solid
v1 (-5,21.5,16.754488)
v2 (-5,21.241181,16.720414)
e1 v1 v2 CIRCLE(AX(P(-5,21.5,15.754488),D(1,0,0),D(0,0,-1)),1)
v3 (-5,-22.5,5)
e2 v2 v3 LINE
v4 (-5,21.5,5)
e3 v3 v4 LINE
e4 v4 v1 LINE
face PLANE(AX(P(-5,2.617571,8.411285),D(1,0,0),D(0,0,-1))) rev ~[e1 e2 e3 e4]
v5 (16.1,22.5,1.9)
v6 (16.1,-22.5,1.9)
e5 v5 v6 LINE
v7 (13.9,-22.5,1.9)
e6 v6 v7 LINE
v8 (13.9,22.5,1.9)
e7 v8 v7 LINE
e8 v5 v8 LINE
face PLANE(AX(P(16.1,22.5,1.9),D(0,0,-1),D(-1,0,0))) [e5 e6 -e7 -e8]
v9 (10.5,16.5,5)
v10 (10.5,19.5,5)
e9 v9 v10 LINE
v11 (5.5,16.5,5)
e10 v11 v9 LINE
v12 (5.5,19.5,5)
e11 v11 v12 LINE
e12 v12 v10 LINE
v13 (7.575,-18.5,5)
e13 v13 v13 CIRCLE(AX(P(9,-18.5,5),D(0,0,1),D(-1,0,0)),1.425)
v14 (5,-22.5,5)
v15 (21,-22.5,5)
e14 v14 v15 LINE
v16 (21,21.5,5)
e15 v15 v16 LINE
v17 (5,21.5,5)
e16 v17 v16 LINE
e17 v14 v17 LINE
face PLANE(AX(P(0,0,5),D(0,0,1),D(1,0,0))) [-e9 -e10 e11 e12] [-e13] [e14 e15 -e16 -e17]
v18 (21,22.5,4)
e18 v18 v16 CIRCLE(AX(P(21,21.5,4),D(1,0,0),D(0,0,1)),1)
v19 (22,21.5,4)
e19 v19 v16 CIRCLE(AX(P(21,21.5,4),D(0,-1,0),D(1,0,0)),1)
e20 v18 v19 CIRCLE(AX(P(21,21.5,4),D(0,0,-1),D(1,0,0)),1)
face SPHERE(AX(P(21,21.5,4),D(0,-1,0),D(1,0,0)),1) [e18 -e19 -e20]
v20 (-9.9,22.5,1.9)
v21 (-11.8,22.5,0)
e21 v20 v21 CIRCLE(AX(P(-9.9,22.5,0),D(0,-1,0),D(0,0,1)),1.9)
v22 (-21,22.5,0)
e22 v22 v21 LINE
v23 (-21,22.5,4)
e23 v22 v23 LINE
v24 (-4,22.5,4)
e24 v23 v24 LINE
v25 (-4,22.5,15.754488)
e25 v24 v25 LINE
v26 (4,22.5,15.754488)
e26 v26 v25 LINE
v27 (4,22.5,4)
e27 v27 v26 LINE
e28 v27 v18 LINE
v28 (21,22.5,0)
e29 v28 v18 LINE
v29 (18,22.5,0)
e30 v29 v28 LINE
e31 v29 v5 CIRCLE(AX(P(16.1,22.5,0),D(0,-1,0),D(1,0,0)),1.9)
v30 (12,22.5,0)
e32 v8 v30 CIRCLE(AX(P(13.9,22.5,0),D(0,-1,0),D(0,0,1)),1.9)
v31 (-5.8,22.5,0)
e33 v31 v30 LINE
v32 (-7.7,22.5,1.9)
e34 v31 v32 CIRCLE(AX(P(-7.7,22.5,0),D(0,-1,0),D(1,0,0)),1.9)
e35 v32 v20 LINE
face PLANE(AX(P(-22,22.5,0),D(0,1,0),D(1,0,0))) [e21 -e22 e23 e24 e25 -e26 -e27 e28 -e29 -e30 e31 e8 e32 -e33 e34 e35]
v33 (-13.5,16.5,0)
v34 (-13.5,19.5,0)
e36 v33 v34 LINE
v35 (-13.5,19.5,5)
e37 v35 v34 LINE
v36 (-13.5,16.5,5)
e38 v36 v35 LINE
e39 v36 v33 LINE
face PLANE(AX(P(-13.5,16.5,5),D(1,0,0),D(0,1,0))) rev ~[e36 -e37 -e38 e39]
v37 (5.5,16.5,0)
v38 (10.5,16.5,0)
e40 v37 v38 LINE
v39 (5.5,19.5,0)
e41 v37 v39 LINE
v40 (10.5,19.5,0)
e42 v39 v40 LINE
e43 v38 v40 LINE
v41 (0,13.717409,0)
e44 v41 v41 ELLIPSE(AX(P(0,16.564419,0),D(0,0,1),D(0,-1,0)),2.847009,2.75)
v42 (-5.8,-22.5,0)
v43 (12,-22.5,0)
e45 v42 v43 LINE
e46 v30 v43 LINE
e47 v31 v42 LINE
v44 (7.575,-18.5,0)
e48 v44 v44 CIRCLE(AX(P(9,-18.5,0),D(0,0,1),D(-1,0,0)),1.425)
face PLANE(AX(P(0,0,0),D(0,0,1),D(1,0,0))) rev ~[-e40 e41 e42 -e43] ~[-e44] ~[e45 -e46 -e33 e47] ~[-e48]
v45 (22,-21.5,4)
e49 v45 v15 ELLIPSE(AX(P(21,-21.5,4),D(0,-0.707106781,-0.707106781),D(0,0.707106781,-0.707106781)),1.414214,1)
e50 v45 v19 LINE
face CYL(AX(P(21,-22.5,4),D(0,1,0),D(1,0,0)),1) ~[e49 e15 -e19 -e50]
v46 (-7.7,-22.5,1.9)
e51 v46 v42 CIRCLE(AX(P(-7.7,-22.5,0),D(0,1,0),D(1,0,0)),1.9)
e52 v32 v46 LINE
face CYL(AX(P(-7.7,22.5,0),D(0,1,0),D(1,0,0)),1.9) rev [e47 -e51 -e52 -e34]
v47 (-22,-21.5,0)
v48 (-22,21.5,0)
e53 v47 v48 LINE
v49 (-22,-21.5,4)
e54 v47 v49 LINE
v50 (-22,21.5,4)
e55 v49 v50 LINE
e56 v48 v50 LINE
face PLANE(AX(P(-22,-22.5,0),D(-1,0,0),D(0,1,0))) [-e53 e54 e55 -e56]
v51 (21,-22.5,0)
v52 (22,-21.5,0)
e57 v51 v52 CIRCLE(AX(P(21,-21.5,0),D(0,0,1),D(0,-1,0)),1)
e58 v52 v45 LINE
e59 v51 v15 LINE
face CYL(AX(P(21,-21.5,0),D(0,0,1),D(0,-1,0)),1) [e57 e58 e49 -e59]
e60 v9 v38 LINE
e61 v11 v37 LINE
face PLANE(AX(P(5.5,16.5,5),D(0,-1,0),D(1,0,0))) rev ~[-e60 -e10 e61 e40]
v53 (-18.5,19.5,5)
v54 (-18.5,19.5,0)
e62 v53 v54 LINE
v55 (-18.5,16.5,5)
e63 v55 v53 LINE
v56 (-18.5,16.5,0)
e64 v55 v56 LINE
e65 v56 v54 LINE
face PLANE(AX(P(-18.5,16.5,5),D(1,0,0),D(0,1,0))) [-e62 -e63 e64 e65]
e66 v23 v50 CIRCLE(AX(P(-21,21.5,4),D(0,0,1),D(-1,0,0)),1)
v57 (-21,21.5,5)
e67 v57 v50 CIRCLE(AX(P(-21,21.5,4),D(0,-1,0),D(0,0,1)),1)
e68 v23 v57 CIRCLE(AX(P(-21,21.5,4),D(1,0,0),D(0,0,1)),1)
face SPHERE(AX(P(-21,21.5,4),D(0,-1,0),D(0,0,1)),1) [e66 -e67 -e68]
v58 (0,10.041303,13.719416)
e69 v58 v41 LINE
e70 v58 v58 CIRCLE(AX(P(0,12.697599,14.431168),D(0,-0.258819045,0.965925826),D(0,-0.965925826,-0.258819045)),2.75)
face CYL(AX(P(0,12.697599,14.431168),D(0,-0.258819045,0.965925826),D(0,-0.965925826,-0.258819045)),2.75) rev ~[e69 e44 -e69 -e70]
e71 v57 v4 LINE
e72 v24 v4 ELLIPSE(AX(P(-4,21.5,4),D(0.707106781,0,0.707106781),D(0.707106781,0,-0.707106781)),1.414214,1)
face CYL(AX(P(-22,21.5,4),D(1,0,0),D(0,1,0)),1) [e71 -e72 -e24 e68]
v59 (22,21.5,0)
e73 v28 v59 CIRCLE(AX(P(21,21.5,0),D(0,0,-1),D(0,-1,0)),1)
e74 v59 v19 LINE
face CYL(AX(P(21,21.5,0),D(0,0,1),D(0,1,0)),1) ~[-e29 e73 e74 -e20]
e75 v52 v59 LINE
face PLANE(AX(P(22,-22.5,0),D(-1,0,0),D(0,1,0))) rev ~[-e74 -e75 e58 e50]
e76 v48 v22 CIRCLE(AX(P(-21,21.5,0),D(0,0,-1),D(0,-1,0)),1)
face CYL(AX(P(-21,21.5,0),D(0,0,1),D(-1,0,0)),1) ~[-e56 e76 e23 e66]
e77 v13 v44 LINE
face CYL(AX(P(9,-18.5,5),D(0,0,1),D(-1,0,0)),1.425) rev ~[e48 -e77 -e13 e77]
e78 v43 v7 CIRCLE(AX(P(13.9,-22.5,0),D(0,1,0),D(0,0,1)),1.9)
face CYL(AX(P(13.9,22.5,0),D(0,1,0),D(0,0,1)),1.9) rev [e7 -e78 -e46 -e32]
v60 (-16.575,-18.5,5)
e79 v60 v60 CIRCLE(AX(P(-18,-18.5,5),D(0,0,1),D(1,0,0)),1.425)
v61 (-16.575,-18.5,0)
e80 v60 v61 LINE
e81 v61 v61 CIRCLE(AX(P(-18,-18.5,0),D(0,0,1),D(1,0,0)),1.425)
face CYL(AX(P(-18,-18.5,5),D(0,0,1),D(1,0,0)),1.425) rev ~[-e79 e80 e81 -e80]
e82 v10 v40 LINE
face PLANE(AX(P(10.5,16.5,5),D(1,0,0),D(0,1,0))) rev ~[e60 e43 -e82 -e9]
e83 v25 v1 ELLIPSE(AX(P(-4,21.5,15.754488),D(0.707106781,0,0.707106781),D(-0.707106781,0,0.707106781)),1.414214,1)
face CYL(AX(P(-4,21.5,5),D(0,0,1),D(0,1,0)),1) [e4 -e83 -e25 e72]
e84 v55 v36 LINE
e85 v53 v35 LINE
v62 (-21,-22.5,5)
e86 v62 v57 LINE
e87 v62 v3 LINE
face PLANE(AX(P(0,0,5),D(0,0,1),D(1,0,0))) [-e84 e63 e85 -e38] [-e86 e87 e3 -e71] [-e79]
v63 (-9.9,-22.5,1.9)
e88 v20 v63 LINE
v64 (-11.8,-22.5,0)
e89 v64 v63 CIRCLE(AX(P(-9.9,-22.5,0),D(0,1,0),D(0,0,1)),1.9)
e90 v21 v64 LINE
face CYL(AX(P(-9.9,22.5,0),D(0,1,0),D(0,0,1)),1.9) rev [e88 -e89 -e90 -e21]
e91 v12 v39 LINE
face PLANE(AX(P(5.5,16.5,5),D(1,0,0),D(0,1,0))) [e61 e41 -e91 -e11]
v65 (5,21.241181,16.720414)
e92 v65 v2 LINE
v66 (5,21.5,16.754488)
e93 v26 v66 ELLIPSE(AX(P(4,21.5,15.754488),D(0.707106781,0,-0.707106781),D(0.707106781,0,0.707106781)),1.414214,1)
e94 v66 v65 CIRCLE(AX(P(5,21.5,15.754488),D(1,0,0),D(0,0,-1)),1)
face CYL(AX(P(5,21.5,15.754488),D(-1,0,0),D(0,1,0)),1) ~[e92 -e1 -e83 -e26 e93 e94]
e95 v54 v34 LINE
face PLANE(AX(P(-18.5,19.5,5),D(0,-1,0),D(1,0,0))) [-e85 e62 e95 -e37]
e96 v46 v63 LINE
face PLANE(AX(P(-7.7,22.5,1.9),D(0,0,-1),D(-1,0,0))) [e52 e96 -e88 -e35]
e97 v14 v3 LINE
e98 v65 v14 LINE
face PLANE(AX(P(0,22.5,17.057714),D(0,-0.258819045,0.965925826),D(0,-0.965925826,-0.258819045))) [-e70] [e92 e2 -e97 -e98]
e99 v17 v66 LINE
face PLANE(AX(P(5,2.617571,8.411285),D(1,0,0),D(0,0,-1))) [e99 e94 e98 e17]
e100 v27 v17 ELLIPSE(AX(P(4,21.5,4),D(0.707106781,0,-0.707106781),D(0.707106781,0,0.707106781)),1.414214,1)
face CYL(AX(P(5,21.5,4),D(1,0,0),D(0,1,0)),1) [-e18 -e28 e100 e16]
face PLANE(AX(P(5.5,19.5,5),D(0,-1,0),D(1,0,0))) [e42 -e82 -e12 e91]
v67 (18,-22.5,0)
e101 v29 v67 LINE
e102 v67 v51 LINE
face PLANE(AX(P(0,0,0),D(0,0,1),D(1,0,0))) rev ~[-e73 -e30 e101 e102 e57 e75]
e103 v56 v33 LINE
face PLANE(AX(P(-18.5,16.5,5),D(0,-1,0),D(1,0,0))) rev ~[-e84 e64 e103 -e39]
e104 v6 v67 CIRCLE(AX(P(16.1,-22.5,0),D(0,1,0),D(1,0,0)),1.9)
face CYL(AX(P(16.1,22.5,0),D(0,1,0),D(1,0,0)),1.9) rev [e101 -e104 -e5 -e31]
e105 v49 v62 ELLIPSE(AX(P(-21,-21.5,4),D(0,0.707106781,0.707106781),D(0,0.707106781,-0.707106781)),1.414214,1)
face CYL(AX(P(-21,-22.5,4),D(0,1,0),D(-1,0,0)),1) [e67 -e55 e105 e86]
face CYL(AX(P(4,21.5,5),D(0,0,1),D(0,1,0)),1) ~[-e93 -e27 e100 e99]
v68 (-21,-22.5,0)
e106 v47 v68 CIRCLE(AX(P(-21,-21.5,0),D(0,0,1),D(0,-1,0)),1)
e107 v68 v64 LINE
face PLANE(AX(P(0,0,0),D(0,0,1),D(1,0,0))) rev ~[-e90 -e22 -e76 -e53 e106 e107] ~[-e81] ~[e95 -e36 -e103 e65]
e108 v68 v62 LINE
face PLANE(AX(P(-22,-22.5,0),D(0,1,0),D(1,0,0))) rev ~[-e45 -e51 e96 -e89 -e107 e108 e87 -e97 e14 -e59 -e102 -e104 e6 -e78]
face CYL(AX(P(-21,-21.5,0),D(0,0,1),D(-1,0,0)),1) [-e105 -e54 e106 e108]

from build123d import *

# Parameters (mm, degrees)
SKETCH1_W                           = 44
SKETCH1_H                           = 45
BASE_DEPTH                          = 5
WIRE_GROOVES_DEPTH                  = 51.338851795
SLANTED_START                       = -22
SLANTED_SCREW_PLATFORM_DEPTH        = 5
SKETCH5_R                           = 2.75
MOUNTING_HOLE_SCREW_INSERTION_DEPTH = 36.040152348
SKETCH6_W                           = 5
SKETCH6_H                           = 3
ZIP_TIE_SLOTS_DEPTH                 = 34.699235283
SKETCH7_R                           = 1.425
MOUNT_CLAMPING_HOLES_DEPTH          = 34.699235283
EDGE_FILLETS_R                      = 1


with BuildPart() as part:
    # Sketch1 → Base (new body)
    with BuildSketch(Plane.XY):
        Rectangle(SKETCH1_W, SKETCH1_H)
    extrude(amount=BASE_DEPTH)

    # Sketch2 → Wire Grooves (cut, through all)
    with BuildSketch(Plane(origin=(0, 22.5, 0), x_dir=(1, 0, 0), z_dir=(0, 1, 0))):
        with BuildLine():
            Line((12, 0), (18, 0))
            ThreePointArc((18, 0), (17.443502884, -1.343502884), (16.1, -1.9))
            Line((16.1, -1.9), (13.9, -1.9))
            ThreePointArc((13.9, -1.9), (12.556497116, -1.343502884), (12, 0))
        make_face()
        with BuildLine():
            Line((-7.7, -1.9), (-9.9, -1.9))
            ThreePointArc((-9.9, -1.9), (-11.243502884, -1.343502884), (-11.8, 0))
            Line((-11.8, 0), (-5.8, 0))
            ThreePointArc((-5.8, 0), (-6.356497116, -1.343502884), (-7.7, -1.9))
        make_face()
    extrude(amount=-WIRE_GROOVES_DEPTH, mode=Mode.SUBTRACT)

    # Sketch4 → Slanted Screw Platform (add, symmetric)
    with BuildSketch(Plane(origin=(22, 0, 0), x_dir=(0, 0, -1), z_dir=(1, 0, 0)).offset(SLANTED_START)):
        Polygon((-5, -22.5), (-5, 22.5), (-17.057713659, 22.5), align=None)
    extrude(amount=SLANTED_SCREW_PLATFORM_DEPTH, both=True)

    # Sketch5 → Mounting Hole Screw Insertion (cut, through all)
    with BuildSketch(Plane(origin=(0, -2.757214207, 10.290063509), x_dir=(1, 0, 0), z_dir=(0, -0.2588190451025216, 0.9659258262890681))):
        with Locations(Location((0, 16, 0), (0, 0, 270))):
            Circle(SKETCH5_R)
    extrude(amount=-MOUNTING_HOLE_SCREW_INSERTION_DEPTH, mode=Mode.SUBTRACT)

    # Sketch6 → Zip Tie Slots (cut, through all)
    with BuildSketch(Plane.XY.offset(5)):
        with Locations((-16, 18)):
            Rectangle(SKETCH6_W, SKETCH6_H)
        with Locations((8, 18)):
            Rectangle(SKETCH6_W, SKETCH6_H)
    extrude(amount=-ZIP_TIE_SLOTS_DEPTH, mode=Mode.SUBTRACT)

    # Sketch7 → Mount Clamping Holes (cut, through all)
    with BuildSketch(Plane.XY.offset(5)):
        with Locations((-18, -18.5)):
            Circle(SKETCH7_R)
        with Locations(Location((9, -18.5, 0), (0, 0, 180))):
            Circle(SKETCH7_R)
    extrude(amount=-MOUNT_CLAMPING_HOLES_DEPTH, mode=Mode.SUBTRACT)

    # Edge Fillets
    edge_fillets_edges = [part.edges().sort_by_distance(p)[0] for p in [
        (-22, 0, 5),
        (-13.5, 22.5, 5),
        (-5, 22.5, 11.02885683),
        (0, 22.5, 17.057713659),
        (22, 0, 5),
        (5, 22.5, 11.02885683),
        (22, -22.5, 2.5),
        (-22, -22.5, 2.5),
        (-22, 22.5, 2.5),
        (22, 22.5, 2.5),
        (13.5, 22.5, 5),
    ]]
    fillet(edge_fillets_edges, radius=EDGE_FILLETS_R)


solid = part.part
